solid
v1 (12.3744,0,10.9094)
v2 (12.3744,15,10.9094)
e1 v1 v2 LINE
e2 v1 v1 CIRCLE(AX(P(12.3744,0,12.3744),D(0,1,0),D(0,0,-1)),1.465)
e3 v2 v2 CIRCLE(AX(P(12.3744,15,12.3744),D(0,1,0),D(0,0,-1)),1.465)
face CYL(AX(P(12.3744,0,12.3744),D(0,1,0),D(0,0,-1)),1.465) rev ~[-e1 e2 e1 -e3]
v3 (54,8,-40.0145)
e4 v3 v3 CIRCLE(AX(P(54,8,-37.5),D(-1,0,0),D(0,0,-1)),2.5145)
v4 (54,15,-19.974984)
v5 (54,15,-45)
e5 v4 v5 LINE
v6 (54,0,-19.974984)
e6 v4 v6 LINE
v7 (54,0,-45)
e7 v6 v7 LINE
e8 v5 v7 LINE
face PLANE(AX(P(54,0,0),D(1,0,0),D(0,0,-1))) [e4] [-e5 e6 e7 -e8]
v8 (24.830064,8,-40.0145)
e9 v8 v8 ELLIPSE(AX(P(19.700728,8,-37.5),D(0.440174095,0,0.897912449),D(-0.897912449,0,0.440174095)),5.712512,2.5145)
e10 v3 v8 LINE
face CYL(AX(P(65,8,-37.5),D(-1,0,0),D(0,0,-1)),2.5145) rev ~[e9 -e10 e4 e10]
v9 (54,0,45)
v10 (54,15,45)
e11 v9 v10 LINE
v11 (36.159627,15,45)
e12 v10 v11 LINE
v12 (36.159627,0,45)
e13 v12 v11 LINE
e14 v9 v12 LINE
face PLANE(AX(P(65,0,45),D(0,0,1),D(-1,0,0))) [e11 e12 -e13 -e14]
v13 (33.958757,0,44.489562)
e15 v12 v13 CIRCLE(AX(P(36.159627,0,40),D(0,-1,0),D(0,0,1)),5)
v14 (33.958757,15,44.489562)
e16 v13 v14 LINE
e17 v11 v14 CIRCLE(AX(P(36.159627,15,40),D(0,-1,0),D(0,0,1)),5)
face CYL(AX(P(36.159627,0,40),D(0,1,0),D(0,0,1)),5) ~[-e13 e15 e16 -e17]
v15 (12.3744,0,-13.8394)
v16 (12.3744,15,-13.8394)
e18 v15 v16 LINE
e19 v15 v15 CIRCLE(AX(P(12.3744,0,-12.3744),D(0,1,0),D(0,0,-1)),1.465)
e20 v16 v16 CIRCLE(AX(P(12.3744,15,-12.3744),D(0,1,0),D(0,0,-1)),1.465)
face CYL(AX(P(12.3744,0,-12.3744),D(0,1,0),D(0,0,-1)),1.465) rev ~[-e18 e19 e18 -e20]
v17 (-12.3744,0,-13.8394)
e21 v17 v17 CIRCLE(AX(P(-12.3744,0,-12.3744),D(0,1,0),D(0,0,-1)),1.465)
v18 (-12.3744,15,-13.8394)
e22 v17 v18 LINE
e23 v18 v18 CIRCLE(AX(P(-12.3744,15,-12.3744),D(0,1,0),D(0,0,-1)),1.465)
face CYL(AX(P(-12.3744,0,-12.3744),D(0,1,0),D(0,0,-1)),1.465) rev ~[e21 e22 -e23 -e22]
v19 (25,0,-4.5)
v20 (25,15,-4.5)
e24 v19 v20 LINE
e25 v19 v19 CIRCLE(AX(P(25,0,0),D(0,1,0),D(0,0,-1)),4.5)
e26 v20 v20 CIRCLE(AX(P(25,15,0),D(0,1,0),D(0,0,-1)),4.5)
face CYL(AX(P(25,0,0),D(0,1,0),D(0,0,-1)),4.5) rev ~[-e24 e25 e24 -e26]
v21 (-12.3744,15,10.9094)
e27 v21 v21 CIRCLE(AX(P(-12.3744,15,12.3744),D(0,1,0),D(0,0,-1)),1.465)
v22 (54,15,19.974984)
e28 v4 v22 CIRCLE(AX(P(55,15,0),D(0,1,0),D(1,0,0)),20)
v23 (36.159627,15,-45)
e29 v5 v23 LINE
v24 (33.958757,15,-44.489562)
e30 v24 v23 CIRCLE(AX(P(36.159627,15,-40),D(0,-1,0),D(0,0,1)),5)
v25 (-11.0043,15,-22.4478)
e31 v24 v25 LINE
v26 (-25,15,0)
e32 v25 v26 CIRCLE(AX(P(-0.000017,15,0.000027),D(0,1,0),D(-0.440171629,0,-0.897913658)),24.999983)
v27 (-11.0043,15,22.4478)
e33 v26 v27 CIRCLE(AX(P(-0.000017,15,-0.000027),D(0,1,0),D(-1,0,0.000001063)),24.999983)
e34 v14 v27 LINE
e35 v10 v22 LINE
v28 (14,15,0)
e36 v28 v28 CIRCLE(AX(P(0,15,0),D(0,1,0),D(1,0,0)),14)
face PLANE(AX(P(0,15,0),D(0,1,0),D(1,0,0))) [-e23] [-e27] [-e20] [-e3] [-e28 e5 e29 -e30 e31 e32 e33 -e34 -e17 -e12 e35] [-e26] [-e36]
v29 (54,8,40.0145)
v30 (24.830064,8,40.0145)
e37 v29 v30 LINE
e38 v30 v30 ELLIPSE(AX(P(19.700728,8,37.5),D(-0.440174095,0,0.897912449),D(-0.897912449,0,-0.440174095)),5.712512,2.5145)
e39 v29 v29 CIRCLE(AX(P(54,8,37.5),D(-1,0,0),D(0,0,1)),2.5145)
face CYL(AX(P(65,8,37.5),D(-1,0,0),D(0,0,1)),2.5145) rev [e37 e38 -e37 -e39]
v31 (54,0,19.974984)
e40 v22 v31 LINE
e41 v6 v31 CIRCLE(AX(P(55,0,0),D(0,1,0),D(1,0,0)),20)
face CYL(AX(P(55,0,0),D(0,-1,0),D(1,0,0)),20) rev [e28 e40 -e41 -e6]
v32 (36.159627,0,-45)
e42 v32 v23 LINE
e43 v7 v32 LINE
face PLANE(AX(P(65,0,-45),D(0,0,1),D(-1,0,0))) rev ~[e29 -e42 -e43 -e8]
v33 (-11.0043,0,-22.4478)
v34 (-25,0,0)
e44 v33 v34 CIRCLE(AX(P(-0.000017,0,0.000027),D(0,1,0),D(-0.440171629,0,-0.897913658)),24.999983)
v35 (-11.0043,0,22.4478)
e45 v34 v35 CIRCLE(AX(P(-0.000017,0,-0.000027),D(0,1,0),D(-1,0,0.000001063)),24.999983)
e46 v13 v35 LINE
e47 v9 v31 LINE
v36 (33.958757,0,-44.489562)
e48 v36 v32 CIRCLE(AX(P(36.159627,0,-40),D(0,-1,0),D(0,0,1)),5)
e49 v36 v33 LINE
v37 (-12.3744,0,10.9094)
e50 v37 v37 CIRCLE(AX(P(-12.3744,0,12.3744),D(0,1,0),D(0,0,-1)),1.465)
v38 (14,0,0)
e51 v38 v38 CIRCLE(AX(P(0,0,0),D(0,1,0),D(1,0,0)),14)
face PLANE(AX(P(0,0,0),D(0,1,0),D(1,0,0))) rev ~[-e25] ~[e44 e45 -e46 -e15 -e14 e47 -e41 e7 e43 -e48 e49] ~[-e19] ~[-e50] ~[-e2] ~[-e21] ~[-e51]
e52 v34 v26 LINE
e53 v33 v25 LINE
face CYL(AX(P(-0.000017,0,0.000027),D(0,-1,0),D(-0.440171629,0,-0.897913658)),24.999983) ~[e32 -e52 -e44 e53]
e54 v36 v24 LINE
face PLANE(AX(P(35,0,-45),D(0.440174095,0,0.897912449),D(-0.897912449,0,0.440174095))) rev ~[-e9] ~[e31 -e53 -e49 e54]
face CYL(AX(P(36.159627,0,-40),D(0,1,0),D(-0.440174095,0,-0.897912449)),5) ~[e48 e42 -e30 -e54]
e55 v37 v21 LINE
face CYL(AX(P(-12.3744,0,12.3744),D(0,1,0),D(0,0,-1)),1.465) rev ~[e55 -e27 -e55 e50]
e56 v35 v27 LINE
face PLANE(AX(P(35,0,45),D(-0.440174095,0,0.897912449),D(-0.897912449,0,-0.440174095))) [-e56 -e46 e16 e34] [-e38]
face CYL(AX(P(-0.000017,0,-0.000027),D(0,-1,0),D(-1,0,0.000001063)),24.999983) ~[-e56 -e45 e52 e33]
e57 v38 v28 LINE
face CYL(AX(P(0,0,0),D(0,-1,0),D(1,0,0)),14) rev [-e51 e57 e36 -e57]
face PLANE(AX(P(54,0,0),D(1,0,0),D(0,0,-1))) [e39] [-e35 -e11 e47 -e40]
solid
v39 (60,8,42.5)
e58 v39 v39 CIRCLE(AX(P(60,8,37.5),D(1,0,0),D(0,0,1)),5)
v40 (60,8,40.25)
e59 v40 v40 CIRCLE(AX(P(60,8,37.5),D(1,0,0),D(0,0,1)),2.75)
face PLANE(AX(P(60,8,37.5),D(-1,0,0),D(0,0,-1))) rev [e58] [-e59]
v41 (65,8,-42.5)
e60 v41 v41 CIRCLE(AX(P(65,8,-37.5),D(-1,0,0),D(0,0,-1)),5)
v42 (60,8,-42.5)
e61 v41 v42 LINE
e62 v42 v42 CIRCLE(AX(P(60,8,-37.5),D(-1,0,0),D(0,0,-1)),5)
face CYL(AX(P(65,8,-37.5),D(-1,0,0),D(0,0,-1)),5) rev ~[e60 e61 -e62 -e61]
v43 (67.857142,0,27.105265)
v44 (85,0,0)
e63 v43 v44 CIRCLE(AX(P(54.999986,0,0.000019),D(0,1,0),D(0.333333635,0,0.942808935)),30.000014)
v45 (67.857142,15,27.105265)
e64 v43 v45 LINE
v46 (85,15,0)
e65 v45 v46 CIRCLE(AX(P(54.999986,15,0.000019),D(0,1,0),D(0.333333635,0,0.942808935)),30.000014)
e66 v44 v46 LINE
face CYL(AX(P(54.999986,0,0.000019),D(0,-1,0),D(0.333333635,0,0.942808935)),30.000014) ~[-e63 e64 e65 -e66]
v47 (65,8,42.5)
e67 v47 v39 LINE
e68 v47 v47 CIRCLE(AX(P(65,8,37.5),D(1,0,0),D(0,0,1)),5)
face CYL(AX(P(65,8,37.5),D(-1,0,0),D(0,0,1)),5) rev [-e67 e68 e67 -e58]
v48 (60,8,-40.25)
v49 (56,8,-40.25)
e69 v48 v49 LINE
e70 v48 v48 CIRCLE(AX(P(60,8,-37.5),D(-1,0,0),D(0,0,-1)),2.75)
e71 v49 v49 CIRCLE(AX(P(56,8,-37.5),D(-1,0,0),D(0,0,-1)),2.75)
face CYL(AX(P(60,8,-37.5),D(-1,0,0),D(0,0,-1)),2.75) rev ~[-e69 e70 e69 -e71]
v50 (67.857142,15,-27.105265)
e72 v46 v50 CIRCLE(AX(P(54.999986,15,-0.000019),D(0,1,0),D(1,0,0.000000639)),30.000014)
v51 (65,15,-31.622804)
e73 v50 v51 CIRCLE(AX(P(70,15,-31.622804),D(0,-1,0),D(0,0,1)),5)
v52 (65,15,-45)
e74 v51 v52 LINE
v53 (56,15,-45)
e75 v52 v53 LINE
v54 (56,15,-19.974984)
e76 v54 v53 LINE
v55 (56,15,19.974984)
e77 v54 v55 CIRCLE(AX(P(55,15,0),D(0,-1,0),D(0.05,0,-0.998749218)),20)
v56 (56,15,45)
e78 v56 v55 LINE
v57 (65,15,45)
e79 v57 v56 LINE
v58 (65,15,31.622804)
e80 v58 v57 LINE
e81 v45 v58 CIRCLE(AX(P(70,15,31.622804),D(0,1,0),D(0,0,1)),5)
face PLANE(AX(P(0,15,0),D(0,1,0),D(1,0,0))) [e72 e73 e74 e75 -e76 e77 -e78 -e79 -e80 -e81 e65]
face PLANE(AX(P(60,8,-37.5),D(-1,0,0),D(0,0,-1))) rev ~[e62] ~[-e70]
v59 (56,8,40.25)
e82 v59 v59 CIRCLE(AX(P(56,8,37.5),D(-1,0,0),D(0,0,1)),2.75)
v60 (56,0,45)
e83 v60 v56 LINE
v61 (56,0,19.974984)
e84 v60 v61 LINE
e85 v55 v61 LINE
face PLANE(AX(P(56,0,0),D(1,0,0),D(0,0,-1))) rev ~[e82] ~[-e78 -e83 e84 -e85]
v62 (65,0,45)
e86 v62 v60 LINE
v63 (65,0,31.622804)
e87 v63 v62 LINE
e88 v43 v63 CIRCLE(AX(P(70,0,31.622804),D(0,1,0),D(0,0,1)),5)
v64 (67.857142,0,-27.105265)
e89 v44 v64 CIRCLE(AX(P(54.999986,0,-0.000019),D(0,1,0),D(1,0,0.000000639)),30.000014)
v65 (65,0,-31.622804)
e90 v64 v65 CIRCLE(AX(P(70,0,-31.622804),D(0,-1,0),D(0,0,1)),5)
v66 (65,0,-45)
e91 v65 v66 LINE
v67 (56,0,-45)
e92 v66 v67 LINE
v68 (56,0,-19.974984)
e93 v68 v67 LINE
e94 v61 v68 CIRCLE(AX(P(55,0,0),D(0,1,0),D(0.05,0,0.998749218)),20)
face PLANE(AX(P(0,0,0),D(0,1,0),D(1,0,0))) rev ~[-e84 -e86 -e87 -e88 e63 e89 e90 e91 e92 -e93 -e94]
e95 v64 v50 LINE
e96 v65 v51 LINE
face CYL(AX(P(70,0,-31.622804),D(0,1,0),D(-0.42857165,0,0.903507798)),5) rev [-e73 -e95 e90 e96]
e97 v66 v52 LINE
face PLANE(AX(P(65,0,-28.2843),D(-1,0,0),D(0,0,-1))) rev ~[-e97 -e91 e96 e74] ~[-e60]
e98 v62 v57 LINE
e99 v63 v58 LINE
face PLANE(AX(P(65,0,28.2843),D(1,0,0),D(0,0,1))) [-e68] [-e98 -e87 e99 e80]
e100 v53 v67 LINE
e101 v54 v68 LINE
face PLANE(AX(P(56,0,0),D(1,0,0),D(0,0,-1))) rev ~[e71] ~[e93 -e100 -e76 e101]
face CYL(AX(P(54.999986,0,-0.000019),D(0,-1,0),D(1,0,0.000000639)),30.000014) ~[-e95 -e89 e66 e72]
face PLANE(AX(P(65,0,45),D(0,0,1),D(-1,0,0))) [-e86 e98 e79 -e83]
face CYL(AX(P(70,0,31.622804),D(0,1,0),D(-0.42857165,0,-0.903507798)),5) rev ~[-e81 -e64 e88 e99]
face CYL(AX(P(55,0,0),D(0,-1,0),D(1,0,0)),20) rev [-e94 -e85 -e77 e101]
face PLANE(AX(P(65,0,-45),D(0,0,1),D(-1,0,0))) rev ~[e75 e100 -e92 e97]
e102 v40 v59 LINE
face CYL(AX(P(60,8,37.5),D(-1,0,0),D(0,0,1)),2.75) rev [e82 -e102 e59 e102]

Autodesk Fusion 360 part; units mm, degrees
sketch "Sketch1" plane through (0, 0, 0) normal (0, 1, 0) x (1, 0, 0)
  circle A0 centre (0, 0) radius 17.5 construction
  line L0 (-12.3744, 12.3744) -> (12.3744, 12.3744) construction
  line L1 (12.3744, 12.3744) -> (12.3744, -12.3744) construction
  line L2 (12.3744, -12.3744) -> (-12.3744, -12.3744) construction
  line L3 (-12.3744, -12.3744) -> (-12.3744, 12.3744) construction
  circle A1 centre (0, 0) radius 14
  circle A2 centre (55, 0) radius 20
  line L4 (65, 28.2843) -> (65, 45)
  line L5 (65, 45) -> (35, 45)
  line L6 (35, 45) -> (-11.0043, 22.4478)
  arc A3 (-11.0043, 22.4478) -> (-25, 0) centre (0, 0) ccw
  arc A4 (85, 0) -> (65, 28.2843) centre (55, 0) ccw
  line L7 (1.75, 0) -> (22.5, 0)
  arc A5 (65, -28.2843) -> (85, 0) centre (55, 0) ccw
  line L8 (65, -28.2843) -> (65, -45)
  line L9 (65, -45) -> (35, -45)
  line L10 (35, -45) -> (-11.0043, -22.4478)
  arc A6 (-25, 0) -> (-11.0043, -22.4478) centre (0, 0) ccw
  point P0 (25, 0)
  dimension "d1" = 35
  dimension "d2" = 28
  dimension "d3" = 40
  dimension "d4" = 55
  dimension "d5" = 25
  dimension "d6" = 30
  dimension "d7" = 10
  dimension "d8" = 30
  dimension "d9" = 45
  dimension "d31" = 30
extrude "Extrude1" add sketch "Sketch1" along normal blind 15 makes body 1
hole "Hole1" at (-12.3744, 0, 12.3744) at (12.3744, 0, 12.3744) at (12.3744, 0, -12.3744) at (-12.3744, 0, -12.3744) direction (0, 1, 0) diameter 2.93 end through all bodies 1 1
ref_plane "WorkPlane1" through (55, 0, 0) normal (1, 0, 0) x (0, 1, 0)
sketch "Sketch2" plane through (55, 0, 0) normal (1, 0, 0) x (0, 0, -1)
  line L0 (-52.531, 37.047) -> (45, 37.047)
  line L1 (45, 37.047) -> (45, -15)
  line L2 (45, -15) -> (-52.531, -15)
  line L3 (-52.531, -15) -> (-52.531, 37.047)
extrude "Extrude2" cut sketch "Sketch2" along normal mid plane 2 bodies 1 makes body 2 at (73.8112, 10, -23.3696)
sketch "Sketch3" plane through (65, 0, 0) normal (1, 0, 0) x (0, 0, -1)
  line L0 (28.2843, 0) -> (45, 0)
  line L1 (45, 0) -> (45, 15)
  line L2 (45, 15) -> (28.2843, 15)
  line L3 (28.2843, 15) -> (28.2843, 0)
  point P0 (37.5, 8)
  dimension "d23" = 7.5
hole "Hole2" at (65, 8, -37.5) direction (-1, 0, 0) diameter 5.5 depth 10 tip angle 180 counterbore diameter 10 counterbore depth 5 bodies 2
hole "Hole3" at (65, 8, -37.5) direction (-1, 0, 0) diameter 5.029 end through all bodies 1 1
mirror "Mirror1" about plane through (0, 0, 0) normal (0, 0, 1) of "Hole3", "Hole2"
fillet "Fillet1" radius 5 4 edges at (35, 7.5, -45) (35, 7.5, 45) (65, 7.5, -28.2843) (65, 7.5, 28.2843) on bodies 1 2
hole "Hole4" at (25, 0, 0) direction (0, 1, 0) diameter 9 end through all bodies 1 1
copy_body "Body->Comp1" bodies 1 removing the originals makes body 3 in component "console"
copy_body "Body->Comp2" bodies 2 removing the originals makes body 4 in component "brace"
component "console" placed x (1, 0, 0) y (0, 1, 0) z (0, 0, 1) at (0, 0, 0)
component "brace" placed x (1, 0, 0) y (0, 1, 0) z (0, 0, 1) at (0, 0, 0)
